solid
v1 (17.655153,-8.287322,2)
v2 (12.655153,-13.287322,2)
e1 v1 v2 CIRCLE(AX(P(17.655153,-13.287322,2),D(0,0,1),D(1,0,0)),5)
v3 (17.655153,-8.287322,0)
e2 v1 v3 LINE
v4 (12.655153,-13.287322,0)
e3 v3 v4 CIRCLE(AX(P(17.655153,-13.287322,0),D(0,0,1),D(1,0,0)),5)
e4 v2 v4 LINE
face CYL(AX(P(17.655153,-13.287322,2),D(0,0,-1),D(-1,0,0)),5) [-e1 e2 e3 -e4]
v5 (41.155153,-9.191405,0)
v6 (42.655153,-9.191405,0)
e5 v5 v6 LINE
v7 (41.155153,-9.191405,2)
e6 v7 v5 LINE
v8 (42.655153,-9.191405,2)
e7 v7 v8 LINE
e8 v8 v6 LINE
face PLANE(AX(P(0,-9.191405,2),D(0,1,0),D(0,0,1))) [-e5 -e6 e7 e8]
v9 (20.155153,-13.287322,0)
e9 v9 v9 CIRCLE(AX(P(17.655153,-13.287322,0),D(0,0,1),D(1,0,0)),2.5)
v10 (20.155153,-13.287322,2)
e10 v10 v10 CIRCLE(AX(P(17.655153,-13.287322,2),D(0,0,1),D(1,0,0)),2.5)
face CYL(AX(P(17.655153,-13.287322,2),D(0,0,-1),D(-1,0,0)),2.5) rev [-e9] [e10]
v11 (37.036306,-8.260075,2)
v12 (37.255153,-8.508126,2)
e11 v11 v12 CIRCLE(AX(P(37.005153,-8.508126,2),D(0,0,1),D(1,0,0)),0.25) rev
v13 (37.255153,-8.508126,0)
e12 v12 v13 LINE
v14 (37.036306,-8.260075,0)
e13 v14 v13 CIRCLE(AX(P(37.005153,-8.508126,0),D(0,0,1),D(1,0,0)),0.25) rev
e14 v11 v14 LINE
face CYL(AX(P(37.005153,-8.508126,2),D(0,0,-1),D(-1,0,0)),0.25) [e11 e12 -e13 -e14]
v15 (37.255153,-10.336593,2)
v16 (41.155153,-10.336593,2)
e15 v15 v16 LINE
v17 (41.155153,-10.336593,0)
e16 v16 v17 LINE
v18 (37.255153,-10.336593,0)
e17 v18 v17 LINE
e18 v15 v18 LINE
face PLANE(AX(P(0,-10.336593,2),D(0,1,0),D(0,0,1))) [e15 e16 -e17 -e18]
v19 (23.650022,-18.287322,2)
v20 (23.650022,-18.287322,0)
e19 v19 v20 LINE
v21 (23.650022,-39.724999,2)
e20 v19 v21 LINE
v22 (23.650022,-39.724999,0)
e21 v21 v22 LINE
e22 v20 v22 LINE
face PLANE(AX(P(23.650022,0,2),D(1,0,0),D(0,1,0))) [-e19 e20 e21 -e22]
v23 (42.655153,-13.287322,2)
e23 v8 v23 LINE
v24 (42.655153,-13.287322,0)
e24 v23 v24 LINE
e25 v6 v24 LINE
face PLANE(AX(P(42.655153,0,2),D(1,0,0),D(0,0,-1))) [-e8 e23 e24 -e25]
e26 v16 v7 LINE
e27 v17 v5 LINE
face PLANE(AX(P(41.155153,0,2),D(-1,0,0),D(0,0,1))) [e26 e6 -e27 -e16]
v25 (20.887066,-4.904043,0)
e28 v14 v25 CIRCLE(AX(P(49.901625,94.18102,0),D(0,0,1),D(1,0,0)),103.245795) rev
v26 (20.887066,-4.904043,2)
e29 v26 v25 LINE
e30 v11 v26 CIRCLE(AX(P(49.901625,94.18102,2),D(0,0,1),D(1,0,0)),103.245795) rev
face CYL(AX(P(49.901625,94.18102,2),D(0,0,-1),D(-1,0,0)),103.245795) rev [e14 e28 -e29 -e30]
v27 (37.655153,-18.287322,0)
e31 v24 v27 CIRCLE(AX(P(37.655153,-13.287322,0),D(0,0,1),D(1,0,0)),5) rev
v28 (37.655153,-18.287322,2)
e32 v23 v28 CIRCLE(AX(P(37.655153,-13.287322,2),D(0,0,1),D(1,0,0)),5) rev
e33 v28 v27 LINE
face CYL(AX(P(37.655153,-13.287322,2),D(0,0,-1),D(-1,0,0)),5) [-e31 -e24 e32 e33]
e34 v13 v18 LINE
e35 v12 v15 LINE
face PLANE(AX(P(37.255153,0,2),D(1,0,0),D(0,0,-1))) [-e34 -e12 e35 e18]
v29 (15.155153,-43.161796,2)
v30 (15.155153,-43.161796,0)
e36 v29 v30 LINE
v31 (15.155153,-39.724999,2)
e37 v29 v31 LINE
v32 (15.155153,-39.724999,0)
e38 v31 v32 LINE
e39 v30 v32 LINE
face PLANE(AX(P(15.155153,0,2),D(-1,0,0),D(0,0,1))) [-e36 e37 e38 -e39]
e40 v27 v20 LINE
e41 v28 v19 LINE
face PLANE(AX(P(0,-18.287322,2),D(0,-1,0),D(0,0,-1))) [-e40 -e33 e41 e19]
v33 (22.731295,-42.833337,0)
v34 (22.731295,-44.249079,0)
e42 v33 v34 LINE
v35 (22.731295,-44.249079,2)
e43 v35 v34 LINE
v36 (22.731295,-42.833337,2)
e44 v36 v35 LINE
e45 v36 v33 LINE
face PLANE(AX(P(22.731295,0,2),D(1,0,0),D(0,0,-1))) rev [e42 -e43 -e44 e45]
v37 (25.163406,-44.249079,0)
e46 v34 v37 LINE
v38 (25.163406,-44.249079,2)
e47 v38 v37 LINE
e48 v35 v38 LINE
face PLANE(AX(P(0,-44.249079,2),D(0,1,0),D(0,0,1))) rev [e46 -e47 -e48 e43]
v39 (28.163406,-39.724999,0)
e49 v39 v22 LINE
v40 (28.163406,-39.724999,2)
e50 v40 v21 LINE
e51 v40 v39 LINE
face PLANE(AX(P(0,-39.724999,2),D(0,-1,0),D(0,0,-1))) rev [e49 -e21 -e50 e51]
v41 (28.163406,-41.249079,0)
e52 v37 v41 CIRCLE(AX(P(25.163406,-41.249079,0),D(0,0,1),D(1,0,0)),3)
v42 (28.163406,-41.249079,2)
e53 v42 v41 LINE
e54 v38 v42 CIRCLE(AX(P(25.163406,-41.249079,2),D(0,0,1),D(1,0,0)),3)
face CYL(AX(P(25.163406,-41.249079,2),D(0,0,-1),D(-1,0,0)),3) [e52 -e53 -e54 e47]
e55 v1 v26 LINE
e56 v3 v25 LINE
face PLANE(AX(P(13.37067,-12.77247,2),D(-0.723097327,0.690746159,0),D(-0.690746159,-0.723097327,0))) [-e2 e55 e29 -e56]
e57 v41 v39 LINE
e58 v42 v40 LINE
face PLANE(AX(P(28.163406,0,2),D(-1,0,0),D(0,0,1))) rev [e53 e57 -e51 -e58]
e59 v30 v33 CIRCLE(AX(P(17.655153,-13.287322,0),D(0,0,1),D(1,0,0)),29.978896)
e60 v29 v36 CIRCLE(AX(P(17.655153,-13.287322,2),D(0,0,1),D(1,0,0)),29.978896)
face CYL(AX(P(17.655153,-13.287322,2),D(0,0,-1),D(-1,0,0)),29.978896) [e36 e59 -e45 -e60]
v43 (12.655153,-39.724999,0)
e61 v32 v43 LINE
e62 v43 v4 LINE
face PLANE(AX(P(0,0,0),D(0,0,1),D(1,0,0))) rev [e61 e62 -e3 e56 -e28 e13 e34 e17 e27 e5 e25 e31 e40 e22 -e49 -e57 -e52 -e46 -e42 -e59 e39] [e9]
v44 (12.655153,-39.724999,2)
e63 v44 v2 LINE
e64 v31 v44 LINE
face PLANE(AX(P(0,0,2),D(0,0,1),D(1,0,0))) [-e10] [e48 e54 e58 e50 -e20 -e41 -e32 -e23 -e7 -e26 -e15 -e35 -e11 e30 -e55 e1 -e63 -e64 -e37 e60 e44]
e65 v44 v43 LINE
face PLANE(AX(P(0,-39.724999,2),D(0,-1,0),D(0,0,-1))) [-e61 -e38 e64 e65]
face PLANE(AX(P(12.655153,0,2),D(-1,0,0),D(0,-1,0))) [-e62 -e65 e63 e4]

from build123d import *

# Parameters (mm, degrees)
SKETCH_1_R      = 2.5
EXTRUDE_1_DEPTH = 2


with BuildPart() as part:
    # 스케치1 → 보스-돌출1 (new body)
    with BuildSketch(Plane.XY):
        with BuildLine():
            Line((20.887065526, -4.904042543), (17.65515334, -8.287321674))
            ThreePointArc((17.65515334, -8.287321674), (14.119619434, -9.751787768), (12.65515334, -13.287321674))
            Line((12.65515334, -13.287321674), (12.65515334, -39.724999499))
            Line((12.65515334, -39.724999499), (15.15515334, -39.724999499))
            Line((15.15515334, -39.724999499), (15.15515334, -43.161796007))
            ThreePointArc((15.15515334, -43.161796007), (18.953651475, -43.238083254), (22.731294666, -42.833336733))
            Line((22.731294666, -42.833336733), (22.731294666, -44.249079054))
            Line((22.731294666, -44.249079054), (25.163405743, -44.249079054))
            ThreePointArc((25.163405743, -44.249079054), (27.284726086, -43.370399397), (28.163405743, -41.249079054))
            Line((28.163405743, -41.249079054), (28.163405743, -39.724999499))
            Line((28.163405743, -39.724999499), (25.906714003, -39.724999499))
            Line((25.906714003, -39.724999499), (23.650022264, -39.724999499))
            Line((23.650022264, -39.724999499), (23.650022264, -18.287321674))
            Line((23.650022264, -18.287321674), (37.65515334, -18.287321674))
            ThreePointArc((37.65515334, -18.287321674), (41.190687246, -16.82285558), (42.65515334, -13.287321674))
            Line((42.65515334, -13.287321674), (42.65515334, -9.191405084))
            Line((42.65515334, -9.191405084), (41.15515334, -9.191405084))
            Line((41.15515334, -9.191405084), (41.15515334, -10.336593208))
            Line((41.15515334, -10.336593208), (37.25515334, -10.336593208))
            Line((37.25515334, -10.336593208), (37.25515334, -8.508126005))
            ThreePointArc((37.25515334, -8.508126005), (37.192620725, -8.342729573), (37.036305504, -8.260074513))
            ThreePointArc((37.036305504, -8.260074513), (28.894559444, -6.905069462), (20.887065526, -4.904042543))
        make_face()
        with Locations((17.65515334, -13.287321674)):
            Circle(SKETCH_1_R, mode=Mode.SUBTRACT)
    extrude(amount=EXTRUDE_1_DEPTH)


solid = part.part
